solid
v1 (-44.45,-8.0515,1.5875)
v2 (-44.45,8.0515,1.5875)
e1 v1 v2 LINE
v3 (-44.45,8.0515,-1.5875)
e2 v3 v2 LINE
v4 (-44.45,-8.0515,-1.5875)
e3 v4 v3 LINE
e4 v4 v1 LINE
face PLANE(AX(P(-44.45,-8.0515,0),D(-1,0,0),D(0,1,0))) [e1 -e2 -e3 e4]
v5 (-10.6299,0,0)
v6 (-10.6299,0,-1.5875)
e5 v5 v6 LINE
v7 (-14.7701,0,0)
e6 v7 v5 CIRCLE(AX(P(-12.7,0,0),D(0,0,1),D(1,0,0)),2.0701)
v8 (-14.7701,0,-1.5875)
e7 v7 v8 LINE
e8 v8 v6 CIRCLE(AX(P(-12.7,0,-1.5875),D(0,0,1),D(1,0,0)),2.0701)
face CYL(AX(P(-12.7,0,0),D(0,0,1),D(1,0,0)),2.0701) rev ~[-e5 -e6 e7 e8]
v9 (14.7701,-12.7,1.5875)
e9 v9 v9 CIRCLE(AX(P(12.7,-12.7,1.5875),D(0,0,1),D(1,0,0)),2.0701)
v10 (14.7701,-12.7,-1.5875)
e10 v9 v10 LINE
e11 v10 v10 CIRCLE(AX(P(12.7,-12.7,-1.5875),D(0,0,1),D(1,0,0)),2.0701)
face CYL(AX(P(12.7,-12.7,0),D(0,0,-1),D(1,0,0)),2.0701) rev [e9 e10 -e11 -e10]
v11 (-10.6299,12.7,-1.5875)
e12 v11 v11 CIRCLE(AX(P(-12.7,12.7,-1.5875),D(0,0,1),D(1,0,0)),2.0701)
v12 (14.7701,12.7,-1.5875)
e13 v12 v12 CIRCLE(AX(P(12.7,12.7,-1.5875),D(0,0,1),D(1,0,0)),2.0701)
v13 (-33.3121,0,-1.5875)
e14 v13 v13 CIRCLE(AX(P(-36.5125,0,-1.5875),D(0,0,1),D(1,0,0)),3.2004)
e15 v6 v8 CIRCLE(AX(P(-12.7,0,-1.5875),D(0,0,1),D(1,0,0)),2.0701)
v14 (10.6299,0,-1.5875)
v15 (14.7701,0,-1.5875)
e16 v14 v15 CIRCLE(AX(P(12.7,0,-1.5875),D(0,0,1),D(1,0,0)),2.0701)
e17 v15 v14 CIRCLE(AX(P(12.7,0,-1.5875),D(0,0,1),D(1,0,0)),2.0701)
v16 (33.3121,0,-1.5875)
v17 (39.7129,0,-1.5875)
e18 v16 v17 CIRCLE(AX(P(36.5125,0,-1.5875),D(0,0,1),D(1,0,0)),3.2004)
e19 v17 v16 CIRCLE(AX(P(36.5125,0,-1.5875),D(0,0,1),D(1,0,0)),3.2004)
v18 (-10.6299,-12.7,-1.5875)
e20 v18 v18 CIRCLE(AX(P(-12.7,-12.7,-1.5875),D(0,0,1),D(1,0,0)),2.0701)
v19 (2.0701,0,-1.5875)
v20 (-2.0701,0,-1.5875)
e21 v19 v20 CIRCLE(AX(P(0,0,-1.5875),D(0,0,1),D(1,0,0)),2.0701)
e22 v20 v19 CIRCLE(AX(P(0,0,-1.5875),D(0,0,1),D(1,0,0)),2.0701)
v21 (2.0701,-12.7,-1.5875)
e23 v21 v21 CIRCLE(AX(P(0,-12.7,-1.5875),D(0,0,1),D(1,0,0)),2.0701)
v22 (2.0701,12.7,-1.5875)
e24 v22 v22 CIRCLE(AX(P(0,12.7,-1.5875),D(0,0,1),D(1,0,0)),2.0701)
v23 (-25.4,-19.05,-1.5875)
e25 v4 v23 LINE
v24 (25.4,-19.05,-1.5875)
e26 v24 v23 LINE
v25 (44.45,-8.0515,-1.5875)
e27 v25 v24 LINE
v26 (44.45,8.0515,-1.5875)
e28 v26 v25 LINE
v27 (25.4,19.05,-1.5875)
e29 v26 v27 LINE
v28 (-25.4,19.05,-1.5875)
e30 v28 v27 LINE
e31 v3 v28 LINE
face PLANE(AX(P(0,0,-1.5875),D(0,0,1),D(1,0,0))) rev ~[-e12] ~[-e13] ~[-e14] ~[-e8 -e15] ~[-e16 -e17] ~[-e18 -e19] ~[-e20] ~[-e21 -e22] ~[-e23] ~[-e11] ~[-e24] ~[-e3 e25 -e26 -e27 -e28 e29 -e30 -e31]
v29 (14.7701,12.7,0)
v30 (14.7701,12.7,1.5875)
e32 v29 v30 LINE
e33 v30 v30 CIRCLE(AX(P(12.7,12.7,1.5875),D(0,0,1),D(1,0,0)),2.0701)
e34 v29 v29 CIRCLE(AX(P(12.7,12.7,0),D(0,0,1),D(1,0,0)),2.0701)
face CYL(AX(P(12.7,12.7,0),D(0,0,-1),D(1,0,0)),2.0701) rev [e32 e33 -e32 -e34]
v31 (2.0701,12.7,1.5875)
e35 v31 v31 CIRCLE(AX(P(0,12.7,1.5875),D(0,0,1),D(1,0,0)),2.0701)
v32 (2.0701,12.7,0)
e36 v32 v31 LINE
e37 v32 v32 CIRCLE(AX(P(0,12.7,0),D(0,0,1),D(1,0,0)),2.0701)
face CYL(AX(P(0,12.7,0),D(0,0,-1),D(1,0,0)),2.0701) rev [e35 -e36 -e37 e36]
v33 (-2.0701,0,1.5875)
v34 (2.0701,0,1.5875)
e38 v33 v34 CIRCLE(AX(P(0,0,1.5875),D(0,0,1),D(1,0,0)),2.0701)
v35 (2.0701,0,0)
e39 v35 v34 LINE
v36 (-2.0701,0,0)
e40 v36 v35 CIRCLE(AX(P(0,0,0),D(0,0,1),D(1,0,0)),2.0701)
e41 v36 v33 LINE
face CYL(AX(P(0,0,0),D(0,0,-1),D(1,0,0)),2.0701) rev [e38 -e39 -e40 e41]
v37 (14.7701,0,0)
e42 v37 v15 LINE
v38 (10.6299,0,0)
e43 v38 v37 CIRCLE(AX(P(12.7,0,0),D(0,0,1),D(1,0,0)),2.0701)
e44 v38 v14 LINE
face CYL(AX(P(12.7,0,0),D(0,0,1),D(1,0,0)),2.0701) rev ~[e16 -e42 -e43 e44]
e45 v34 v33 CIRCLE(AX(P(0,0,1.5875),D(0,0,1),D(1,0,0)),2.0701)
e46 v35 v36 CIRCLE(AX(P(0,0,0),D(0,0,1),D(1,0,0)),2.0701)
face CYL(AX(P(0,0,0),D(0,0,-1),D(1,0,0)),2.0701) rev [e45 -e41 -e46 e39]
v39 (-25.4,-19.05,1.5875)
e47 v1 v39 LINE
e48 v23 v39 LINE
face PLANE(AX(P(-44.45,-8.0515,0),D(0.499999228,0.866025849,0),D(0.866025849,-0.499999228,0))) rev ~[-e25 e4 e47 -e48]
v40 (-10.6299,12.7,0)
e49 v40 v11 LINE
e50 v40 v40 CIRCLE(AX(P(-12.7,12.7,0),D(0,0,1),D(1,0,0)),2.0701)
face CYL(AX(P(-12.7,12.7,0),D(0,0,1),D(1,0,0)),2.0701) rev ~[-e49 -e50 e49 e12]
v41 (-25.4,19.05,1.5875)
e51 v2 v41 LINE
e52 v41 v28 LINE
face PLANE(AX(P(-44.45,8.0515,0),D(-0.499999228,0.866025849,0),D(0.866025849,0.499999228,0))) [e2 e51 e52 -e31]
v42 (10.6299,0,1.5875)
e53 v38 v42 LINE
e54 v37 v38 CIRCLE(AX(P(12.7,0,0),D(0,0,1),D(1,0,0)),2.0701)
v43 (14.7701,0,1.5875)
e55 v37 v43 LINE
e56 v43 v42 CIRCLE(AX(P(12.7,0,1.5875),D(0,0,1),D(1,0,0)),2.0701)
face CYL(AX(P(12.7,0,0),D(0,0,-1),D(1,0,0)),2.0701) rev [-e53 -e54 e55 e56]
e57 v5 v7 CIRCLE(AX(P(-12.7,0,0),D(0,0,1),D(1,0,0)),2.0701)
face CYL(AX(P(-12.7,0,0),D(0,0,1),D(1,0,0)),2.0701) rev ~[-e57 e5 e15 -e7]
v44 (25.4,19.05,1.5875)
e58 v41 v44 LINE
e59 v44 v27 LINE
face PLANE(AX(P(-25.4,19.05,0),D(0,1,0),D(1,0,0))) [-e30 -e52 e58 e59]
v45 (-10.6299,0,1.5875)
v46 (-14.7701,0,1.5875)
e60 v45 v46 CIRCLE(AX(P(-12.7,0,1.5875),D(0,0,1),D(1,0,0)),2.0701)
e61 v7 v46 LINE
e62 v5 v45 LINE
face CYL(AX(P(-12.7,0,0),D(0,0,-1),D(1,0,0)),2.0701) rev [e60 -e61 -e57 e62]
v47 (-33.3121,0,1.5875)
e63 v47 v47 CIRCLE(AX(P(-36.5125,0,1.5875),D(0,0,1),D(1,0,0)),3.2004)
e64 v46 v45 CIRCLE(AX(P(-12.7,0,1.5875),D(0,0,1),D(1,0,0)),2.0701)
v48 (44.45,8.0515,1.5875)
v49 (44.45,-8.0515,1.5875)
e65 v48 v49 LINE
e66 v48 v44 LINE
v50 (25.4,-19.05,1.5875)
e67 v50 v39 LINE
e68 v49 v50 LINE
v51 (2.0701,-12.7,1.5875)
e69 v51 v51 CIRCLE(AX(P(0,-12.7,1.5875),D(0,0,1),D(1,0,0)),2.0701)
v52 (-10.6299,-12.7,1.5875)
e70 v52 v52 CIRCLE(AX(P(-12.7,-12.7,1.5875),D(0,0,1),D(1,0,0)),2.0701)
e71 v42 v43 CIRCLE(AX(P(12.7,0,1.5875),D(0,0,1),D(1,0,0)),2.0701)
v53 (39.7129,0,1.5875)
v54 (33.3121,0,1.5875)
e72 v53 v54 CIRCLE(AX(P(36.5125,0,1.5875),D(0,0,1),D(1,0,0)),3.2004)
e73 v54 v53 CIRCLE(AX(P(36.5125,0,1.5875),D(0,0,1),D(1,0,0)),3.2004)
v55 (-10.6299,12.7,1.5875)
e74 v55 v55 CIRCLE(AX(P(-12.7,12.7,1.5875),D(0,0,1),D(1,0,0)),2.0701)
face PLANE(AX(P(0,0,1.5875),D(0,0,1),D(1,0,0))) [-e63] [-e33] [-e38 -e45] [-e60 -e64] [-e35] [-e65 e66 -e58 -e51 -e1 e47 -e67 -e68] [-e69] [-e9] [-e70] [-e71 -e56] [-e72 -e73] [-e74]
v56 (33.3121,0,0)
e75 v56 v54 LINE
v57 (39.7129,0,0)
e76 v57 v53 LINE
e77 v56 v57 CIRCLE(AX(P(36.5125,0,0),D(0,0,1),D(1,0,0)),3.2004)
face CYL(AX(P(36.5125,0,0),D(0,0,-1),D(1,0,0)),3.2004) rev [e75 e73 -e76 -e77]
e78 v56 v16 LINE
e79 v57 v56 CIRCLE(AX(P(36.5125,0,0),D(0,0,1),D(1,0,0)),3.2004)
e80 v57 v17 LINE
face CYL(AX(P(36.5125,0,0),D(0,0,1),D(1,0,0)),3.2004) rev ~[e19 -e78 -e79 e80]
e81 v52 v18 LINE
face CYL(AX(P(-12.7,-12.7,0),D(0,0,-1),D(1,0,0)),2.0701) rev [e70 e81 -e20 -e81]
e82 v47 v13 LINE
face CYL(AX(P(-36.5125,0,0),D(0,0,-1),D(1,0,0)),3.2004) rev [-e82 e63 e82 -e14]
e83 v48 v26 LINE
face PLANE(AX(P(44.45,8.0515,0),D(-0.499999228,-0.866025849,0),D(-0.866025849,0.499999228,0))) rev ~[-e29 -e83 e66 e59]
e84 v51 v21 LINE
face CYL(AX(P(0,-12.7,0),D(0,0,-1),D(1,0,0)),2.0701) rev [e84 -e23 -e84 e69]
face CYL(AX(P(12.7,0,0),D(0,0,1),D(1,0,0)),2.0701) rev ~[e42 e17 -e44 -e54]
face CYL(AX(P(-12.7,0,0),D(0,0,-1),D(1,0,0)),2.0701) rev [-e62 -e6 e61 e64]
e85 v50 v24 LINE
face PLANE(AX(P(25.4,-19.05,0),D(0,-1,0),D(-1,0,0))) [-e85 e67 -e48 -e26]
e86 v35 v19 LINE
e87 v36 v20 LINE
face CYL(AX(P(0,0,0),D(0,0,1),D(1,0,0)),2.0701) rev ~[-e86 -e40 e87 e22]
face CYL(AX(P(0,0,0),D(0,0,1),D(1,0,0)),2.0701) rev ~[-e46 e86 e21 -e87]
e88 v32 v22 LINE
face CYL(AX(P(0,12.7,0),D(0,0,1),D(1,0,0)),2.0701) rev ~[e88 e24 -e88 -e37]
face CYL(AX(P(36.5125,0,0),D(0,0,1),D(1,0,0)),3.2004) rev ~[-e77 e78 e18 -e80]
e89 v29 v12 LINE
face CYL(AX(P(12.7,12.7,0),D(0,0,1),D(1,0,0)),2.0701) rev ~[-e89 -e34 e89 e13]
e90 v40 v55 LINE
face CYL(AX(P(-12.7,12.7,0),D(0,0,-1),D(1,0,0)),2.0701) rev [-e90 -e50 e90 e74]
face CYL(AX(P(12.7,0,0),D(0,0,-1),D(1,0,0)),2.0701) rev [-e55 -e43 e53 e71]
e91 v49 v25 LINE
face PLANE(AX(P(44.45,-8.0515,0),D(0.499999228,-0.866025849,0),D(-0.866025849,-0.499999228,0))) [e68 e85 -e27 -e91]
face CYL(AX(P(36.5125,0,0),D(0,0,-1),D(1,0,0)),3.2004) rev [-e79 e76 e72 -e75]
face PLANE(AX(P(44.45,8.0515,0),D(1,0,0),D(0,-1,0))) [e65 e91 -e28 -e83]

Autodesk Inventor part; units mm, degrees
ref_plane "YZ Plane" through (0, 0, 0) normal (1, 0, 0) x (0, 1, 0)
ref_plane "XZ Plane" through (0, 0, 0) normal (0, 1, 0) x (-1, 0, 0)
ref_plane "XY Plane" through (0, 0, 0) normal (0, 0, 1) x (1, 0, 0)
sketch "Sketch1" plane through (0, 0, 0) normal (0, 0, 1) x (1, 0, 0)
  line L0 (44.45, -19.05) -> (25.4, -19.05) construction
  line L1 (-44.45, -19.05) -> (-44.45, -8.0515) construction
  line L2 (-44.45, 19.05) -> (-25.4, 19.05) construction
  line L3 (44.45, 19.05) -> (44.45, 8.0515) construction
  line L4 (44.45, -19.05) -> (-44.45, 19.05) construction
  line L5 (-44.45, -19.05) -> (44.45, 19.05) construction
  line L6 (-44.45, 8.0515) -> (-25.4, 19.05)
  line L7 (0, 16.7111) -> (0, 5.8205) construction
  line L8 (44.45, 8.0515) -> (25.4, 19.05)
  line L9 (-44.45, 0) -> (-27.1015, 0) construction
  line L10 (-44.45, -8.0515) -> (-25.4, -19.05)
  line L11 (44.45, -8.0515) -> (25.4, -19.05)
  line L12 (-25.4, 19.05) -> (25.4, 19.05)
  line L13 (-44.45, 8.0515) -> (-44.45, 19.05) construction
  line L14 (-25.4, -19.05) -> (-44.45, -19.05) construction
  line L15 (-44.45, -8.0515) -> (-44.45, 8.0515)
  line L16 (25.4, -19.05) -> (-25.4, -19.05)
  line L17 (44.45, -8.0515) -> (44.45, -19.05) construction
  line L18 (44.45, 8.0515) -> (44.45, -8.0515)
  line L19 (25.4, 19.05) -> (44.45, 19.05) construction
  circle A0 centre (-12.7, 12.7) radius 2.0701
  circle A1 centre (12.7, -12.7) radius 2.0701
  circle A2 centre (0, -12.7) radius 2.0701
  circle A3 centre (-12.7, -12.7) radius 2.0701
  circle A4 centre (12.7, 0) radius 2.0701
  circle A5 centre (0, 0) radius 2.0701
  circle A6 centre (-12.7, 0) radius 2.0701
  circle A7 centre (12.7, 12.7) radius 2.0701
  circle A8 centre (0, 12.7) radius 2.0701
  circle A9 centre (-36.5125, 0) radius 3.2004
  circle A10 centre (36.5125, 0) radius 3.2004
  line L20 (-36.5125, 0) -> (36.5125, 0)
  point P0 (0, 0)
  point P1 (0, 12.7)
  point P2 (12.7, 12.7)
  point P3 (12.7, 0)
  point P4 (0, 0)
  point P5 (-12.7, 0)
  point P6 (-12.7, -12.7)
  point P7 (0, -12.7)
  point P8 (12.7, -12.7)
  point P9 (0, 0)
  point P10 (0, 0)
  dimension "d0" = 88.9
  dimension "d1" = 38.1
  dimension "d2" = 150
  dimension "d3" = 19.05
  dimension "d6" = 6.35
  dimension "d7" = 12.7
  dimension "d8" = 12.7
  dimension "d9" = 12.7
  dimension "d10" = 12.7
  dimension "d11" = 4.1402
  dimension "d12" = 4.1402
  dimension "d13" = 4.1402
  dimension "d14" = 4.1402
  dimension "d15" = 4.1402
  dimension "d16" = 4.1402
  dimension "d17" = 4.1402
  dimension "d18" = 4.1402
  dimension "d19" = 4.1402
  dimension "d20" = 73.025
  dimension "d22" = 6.4008
  dimension "d23" = 6.4008
extrude "Extrusion2" add sketch "Sketch1" along normal mid plane 3.175
properties part number "piece" material "Aluminum 6061"
